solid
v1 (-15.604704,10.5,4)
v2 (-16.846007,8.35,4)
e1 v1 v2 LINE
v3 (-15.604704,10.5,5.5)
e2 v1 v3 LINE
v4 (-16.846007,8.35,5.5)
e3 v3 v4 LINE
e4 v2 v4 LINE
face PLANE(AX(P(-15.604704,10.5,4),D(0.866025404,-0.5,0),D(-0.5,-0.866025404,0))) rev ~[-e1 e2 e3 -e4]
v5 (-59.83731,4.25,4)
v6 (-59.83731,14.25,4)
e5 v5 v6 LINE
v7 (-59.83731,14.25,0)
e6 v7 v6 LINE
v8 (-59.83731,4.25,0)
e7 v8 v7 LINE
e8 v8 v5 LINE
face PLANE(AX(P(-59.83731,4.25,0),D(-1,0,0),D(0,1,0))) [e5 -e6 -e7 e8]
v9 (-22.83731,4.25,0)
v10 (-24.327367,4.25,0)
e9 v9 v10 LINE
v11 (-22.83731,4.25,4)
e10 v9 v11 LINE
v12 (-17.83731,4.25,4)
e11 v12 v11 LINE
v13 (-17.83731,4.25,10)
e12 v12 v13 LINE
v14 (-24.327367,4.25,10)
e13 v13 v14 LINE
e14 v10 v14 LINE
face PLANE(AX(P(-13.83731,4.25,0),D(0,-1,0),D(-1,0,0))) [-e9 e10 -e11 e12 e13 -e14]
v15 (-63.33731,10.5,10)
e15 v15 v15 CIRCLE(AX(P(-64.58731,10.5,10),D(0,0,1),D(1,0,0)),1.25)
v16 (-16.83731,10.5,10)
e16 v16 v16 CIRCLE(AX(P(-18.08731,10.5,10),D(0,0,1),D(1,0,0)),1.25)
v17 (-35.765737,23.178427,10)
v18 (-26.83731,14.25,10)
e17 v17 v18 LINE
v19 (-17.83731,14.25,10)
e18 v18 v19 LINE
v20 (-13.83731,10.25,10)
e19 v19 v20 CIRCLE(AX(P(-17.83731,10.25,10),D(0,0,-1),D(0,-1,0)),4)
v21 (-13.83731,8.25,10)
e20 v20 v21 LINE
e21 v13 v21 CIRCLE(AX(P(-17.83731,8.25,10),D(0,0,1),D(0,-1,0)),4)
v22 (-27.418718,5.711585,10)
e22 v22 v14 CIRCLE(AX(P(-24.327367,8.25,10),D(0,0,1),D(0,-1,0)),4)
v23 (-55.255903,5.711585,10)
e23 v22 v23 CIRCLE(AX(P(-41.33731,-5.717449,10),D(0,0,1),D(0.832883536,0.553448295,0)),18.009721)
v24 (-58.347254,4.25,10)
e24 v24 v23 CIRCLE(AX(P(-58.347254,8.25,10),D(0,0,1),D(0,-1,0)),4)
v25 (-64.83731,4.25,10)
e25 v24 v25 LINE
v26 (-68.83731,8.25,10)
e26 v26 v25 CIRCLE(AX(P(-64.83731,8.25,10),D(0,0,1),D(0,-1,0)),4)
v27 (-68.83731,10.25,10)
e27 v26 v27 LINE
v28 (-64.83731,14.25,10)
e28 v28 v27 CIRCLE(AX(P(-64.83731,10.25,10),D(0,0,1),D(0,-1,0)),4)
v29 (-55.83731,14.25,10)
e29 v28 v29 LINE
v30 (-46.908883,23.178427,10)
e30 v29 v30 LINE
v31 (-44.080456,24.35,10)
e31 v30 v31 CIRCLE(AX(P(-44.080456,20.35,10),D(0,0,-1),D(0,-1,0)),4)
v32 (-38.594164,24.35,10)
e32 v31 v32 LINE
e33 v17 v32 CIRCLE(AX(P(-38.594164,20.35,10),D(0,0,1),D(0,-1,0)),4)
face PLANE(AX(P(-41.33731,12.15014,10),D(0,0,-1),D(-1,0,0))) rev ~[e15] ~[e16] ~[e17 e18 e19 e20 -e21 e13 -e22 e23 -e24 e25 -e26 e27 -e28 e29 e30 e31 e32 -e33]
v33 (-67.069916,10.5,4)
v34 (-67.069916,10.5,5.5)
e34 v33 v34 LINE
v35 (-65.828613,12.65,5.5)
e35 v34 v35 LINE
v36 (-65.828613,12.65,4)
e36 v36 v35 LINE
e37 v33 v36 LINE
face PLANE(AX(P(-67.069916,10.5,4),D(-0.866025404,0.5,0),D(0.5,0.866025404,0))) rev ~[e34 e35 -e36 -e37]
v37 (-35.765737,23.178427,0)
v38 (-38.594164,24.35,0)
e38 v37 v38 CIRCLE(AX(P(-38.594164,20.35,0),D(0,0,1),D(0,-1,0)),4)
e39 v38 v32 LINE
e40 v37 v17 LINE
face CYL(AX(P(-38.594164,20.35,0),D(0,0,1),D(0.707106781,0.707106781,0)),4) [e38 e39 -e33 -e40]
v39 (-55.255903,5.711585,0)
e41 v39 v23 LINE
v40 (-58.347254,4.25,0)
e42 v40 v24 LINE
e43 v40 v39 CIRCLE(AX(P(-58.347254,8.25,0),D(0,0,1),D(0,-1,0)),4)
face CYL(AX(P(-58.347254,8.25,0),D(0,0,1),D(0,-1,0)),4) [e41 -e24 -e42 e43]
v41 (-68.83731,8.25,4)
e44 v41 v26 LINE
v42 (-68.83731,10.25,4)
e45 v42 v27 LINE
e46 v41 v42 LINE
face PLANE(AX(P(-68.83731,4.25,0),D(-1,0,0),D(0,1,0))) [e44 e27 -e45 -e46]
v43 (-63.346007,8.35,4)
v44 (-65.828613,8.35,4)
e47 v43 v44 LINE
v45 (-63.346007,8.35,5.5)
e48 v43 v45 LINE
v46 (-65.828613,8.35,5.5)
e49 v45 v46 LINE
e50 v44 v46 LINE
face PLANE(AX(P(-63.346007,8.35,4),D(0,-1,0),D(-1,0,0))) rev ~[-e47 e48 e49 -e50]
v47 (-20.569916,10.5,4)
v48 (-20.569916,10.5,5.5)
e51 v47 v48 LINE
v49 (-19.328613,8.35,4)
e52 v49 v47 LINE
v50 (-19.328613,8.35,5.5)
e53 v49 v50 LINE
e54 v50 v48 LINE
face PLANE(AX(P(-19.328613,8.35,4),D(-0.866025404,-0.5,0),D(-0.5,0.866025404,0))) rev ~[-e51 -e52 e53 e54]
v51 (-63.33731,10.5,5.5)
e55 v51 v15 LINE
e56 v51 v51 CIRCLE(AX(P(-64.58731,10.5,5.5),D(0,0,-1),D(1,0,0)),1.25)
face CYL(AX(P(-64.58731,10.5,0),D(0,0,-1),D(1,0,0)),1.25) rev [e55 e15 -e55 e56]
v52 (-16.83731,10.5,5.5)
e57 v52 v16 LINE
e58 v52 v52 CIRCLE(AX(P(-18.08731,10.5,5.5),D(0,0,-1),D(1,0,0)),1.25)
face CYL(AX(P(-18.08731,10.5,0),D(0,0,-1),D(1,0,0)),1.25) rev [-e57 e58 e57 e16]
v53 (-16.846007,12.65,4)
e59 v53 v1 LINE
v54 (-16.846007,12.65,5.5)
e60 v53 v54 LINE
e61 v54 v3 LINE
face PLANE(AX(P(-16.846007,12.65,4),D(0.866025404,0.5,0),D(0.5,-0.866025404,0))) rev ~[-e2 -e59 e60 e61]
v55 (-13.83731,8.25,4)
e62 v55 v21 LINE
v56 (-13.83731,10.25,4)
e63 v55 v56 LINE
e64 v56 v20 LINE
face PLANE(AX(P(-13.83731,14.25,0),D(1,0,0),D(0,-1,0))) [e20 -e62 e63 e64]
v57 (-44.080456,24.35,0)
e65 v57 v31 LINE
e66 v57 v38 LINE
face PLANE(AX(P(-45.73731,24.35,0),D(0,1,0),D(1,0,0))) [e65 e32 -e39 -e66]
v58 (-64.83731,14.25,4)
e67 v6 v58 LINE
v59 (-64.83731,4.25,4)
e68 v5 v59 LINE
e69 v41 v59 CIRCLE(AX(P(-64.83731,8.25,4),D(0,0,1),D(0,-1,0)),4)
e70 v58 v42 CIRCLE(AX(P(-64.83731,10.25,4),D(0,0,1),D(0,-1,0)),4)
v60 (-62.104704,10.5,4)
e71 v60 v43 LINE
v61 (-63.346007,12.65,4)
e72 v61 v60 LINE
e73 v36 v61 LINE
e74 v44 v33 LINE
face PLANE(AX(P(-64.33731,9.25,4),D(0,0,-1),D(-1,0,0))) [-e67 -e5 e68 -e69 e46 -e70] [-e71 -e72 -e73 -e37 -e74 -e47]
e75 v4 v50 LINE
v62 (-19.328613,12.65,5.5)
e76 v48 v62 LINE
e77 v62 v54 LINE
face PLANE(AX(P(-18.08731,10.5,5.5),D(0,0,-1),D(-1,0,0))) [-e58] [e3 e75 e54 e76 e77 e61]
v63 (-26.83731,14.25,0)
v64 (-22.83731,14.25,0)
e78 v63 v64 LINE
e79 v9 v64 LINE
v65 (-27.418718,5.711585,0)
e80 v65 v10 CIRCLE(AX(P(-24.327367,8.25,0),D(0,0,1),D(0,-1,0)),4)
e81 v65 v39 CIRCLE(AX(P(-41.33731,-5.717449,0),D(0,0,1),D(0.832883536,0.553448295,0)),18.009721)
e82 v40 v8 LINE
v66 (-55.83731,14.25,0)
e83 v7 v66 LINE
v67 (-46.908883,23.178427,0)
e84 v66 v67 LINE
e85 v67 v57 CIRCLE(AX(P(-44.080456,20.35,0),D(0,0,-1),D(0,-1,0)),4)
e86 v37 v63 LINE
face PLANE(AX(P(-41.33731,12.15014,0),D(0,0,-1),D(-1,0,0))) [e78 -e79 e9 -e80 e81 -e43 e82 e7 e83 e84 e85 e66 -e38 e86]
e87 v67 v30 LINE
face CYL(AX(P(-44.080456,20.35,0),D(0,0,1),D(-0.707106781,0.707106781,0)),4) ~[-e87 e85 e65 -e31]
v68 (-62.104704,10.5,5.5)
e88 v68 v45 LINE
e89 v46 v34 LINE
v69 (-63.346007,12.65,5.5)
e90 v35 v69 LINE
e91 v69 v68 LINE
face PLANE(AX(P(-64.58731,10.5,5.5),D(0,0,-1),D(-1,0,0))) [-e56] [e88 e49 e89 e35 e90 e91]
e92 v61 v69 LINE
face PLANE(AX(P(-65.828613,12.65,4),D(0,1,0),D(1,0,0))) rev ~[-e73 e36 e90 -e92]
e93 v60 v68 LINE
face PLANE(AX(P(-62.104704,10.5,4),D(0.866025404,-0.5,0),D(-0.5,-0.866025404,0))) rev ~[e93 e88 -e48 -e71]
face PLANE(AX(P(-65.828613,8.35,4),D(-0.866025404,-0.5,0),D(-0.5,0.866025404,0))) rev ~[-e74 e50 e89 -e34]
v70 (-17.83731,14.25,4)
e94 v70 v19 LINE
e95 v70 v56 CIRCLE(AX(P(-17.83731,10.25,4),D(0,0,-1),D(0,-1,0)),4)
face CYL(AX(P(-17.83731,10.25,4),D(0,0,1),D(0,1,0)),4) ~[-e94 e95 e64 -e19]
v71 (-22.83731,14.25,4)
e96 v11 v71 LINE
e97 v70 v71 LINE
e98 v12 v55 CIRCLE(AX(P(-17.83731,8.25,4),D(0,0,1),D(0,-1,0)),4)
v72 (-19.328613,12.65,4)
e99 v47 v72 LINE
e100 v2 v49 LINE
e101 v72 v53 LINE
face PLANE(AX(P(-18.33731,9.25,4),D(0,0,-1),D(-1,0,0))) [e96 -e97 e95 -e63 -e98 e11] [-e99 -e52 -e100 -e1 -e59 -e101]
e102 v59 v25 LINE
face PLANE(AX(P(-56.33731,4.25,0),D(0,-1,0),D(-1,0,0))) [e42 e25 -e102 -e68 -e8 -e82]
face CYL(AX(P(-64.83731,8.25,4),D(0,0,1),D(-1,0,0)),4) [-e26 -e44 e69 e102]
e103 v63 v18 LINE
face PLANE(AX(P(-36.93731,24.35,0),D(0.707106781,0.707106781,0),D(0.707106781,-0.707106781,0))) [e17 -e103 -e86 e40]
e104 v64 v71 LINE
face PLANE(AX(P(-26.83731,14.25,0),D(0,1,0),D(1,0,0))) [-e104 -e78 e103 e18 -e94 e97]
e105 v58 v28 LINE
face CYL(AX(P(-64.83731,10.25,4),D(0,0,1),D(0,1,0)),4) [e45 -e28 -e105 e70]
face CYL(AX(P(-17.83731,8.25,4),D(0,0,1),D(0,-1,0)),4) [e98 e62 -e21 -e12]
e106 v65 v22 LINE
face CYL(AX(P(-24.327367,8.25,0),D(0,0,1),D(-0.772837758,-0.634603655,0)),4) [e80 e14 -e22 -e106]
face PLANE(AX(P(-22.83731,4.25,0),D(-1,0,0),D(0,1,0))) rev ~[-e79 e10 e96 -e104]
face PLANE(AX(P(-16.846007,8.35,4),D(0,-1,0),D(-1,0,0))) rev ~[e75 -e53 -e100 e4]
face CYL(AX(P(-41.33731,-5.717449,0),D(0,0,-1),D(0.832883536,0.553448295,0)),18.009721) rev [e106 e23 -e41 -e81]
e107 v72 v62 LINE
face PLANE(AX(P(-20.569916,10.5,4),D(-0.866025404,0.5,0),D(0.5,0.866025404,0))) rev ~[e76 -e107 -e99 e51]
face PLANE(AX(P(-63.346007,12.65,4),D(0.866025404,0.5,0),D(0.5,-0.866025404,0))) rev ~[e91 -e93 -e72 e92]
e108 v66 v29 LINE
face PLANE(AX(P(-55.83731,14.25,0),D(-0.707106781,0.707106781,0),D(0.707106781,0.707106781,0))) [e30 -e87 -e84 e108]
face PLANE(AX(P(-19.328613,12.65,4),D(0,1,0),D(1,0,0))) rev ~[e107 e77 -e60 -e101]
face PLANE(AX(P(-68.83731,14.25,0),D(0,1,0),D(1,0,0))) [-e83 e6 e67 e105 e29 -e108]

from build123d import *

# Parameters (mm, degrees)
CROQUIS1_R              = 1.25
SALIENTE_EXTRUIR1_DEPTH = 10
CROQUIS2_W              = 9
CROQUIS2_H              = 10
CORTAR_EXTRUIR1_DEPTH   = 4
CORTAR_EXTRUIR2_DEPTH   = 1.5
REDONDEO2_R             = 4


with BuildPart() as part:
    # Croquis1 → Saliente-Extruir1 (new body)
    with BuildSketch(Plane.XY):
        with BuildLine():
            Line((-68.837310195, 14.25), (-55.837310195, 14.25))
            Line((-55.837310195, 14.25), (-45.737310195, 24.35))
            Line((-45.737310195, 24.35), (-36.937310195, 24.35))
            Line((-36.937310195, 24.35), (-26.837310195, 14.25))
            Line((-26.837310195, 14.25), (-13.837310195, 14.25))
            Line((-13.837310195, 14.25), (-13.837310195, 4.25))
            Line((-13.837310195, 4.25), (-26.337310195, 4.25))
            ThreePointArc((-26.337310195, 4.25), (-41.337310195, 12.292271557), (-56.337310195, 4.25))
            Line((-56.337310195, 4.25), (-68.837310195, 4.25))
            Line((-68.837310195, 4.25), (-68.837310195, 14.25))
        make_face()
        with Locations((-18.087310195, 10.5)):
            Circle(CROQUIS1_R, mode=Mode.SUBTRACT)
        with Locations((-64.587310195, 10.5)):
            Circle(CROQUIS1_R, mode=Mode.SUBTRACT)
    extrude(amount=SALIENTE_EXTRUIR1_DEPTH)

    # Croquis2 → Cortar-Extruir1 (cut)
    with BuildSketch(Plane(origin=(0, 0, 0), x_dir=(-1, 0, 0), z_dir=(0, 0, -1))):
        with Locations((64.337310195, 9.25)):
            Rectangle(CROQUIS2_W, CROQUIS2_H)
        with Locations((18.337310195, 9.25)):
            Rectangle(CROQUIS2_W, CROQUIS2_H)
    extrude(amount=-CORTAR_EXTRUIR1_DEPTH, mode=Mode.SUBTRACT)

    # Croquis3 → Cortar-Extruir2 (cut)
    with BuildSketch(Plane(origin=(0, 0, 4), x_dir=(-1, 0, 0), z_dir=(0, 0, -1))):
        Polygon((62.104704038, 10.5), (63.346007116, 8.35), (65.828613274, 8.35), (67.069916353, 10.5), (65.828613274, 12.65), (63.346007116, 12.65), align=None)
        Polygon((15.604704038, 10.5), (16.846007116, 8.35), (19.328613274, 8.35), (20.569916353, 10.5), (19.328613274, 12.65), (16.846007116, 12.65), align=None)
    extrude(amount=-CORTAR_EXTRUIR2_DEPTH, mode=Mode.SUBTRACT)

    # Redondeo2
    redondeo2_edges = [part.edges().sort_by_distance(p)[0] for p in [
        (-68.837310195, 14.25, 7),
        (-45.737310195, 24.35, 5),
        (-36.937310195, 24.35, 5),
        (-13.837310195, 14.25, 7),
        (-13.837310195, 4.25, 7),
        (-26.337310195, 4.25, 5),
        (-56.337310195, 4.25, 5),
        (-68.837310195, 4.25, 7),
    ]]
    fillet(redondeo2_edges, radius=REDONDEO2_R)


solid = part.part
